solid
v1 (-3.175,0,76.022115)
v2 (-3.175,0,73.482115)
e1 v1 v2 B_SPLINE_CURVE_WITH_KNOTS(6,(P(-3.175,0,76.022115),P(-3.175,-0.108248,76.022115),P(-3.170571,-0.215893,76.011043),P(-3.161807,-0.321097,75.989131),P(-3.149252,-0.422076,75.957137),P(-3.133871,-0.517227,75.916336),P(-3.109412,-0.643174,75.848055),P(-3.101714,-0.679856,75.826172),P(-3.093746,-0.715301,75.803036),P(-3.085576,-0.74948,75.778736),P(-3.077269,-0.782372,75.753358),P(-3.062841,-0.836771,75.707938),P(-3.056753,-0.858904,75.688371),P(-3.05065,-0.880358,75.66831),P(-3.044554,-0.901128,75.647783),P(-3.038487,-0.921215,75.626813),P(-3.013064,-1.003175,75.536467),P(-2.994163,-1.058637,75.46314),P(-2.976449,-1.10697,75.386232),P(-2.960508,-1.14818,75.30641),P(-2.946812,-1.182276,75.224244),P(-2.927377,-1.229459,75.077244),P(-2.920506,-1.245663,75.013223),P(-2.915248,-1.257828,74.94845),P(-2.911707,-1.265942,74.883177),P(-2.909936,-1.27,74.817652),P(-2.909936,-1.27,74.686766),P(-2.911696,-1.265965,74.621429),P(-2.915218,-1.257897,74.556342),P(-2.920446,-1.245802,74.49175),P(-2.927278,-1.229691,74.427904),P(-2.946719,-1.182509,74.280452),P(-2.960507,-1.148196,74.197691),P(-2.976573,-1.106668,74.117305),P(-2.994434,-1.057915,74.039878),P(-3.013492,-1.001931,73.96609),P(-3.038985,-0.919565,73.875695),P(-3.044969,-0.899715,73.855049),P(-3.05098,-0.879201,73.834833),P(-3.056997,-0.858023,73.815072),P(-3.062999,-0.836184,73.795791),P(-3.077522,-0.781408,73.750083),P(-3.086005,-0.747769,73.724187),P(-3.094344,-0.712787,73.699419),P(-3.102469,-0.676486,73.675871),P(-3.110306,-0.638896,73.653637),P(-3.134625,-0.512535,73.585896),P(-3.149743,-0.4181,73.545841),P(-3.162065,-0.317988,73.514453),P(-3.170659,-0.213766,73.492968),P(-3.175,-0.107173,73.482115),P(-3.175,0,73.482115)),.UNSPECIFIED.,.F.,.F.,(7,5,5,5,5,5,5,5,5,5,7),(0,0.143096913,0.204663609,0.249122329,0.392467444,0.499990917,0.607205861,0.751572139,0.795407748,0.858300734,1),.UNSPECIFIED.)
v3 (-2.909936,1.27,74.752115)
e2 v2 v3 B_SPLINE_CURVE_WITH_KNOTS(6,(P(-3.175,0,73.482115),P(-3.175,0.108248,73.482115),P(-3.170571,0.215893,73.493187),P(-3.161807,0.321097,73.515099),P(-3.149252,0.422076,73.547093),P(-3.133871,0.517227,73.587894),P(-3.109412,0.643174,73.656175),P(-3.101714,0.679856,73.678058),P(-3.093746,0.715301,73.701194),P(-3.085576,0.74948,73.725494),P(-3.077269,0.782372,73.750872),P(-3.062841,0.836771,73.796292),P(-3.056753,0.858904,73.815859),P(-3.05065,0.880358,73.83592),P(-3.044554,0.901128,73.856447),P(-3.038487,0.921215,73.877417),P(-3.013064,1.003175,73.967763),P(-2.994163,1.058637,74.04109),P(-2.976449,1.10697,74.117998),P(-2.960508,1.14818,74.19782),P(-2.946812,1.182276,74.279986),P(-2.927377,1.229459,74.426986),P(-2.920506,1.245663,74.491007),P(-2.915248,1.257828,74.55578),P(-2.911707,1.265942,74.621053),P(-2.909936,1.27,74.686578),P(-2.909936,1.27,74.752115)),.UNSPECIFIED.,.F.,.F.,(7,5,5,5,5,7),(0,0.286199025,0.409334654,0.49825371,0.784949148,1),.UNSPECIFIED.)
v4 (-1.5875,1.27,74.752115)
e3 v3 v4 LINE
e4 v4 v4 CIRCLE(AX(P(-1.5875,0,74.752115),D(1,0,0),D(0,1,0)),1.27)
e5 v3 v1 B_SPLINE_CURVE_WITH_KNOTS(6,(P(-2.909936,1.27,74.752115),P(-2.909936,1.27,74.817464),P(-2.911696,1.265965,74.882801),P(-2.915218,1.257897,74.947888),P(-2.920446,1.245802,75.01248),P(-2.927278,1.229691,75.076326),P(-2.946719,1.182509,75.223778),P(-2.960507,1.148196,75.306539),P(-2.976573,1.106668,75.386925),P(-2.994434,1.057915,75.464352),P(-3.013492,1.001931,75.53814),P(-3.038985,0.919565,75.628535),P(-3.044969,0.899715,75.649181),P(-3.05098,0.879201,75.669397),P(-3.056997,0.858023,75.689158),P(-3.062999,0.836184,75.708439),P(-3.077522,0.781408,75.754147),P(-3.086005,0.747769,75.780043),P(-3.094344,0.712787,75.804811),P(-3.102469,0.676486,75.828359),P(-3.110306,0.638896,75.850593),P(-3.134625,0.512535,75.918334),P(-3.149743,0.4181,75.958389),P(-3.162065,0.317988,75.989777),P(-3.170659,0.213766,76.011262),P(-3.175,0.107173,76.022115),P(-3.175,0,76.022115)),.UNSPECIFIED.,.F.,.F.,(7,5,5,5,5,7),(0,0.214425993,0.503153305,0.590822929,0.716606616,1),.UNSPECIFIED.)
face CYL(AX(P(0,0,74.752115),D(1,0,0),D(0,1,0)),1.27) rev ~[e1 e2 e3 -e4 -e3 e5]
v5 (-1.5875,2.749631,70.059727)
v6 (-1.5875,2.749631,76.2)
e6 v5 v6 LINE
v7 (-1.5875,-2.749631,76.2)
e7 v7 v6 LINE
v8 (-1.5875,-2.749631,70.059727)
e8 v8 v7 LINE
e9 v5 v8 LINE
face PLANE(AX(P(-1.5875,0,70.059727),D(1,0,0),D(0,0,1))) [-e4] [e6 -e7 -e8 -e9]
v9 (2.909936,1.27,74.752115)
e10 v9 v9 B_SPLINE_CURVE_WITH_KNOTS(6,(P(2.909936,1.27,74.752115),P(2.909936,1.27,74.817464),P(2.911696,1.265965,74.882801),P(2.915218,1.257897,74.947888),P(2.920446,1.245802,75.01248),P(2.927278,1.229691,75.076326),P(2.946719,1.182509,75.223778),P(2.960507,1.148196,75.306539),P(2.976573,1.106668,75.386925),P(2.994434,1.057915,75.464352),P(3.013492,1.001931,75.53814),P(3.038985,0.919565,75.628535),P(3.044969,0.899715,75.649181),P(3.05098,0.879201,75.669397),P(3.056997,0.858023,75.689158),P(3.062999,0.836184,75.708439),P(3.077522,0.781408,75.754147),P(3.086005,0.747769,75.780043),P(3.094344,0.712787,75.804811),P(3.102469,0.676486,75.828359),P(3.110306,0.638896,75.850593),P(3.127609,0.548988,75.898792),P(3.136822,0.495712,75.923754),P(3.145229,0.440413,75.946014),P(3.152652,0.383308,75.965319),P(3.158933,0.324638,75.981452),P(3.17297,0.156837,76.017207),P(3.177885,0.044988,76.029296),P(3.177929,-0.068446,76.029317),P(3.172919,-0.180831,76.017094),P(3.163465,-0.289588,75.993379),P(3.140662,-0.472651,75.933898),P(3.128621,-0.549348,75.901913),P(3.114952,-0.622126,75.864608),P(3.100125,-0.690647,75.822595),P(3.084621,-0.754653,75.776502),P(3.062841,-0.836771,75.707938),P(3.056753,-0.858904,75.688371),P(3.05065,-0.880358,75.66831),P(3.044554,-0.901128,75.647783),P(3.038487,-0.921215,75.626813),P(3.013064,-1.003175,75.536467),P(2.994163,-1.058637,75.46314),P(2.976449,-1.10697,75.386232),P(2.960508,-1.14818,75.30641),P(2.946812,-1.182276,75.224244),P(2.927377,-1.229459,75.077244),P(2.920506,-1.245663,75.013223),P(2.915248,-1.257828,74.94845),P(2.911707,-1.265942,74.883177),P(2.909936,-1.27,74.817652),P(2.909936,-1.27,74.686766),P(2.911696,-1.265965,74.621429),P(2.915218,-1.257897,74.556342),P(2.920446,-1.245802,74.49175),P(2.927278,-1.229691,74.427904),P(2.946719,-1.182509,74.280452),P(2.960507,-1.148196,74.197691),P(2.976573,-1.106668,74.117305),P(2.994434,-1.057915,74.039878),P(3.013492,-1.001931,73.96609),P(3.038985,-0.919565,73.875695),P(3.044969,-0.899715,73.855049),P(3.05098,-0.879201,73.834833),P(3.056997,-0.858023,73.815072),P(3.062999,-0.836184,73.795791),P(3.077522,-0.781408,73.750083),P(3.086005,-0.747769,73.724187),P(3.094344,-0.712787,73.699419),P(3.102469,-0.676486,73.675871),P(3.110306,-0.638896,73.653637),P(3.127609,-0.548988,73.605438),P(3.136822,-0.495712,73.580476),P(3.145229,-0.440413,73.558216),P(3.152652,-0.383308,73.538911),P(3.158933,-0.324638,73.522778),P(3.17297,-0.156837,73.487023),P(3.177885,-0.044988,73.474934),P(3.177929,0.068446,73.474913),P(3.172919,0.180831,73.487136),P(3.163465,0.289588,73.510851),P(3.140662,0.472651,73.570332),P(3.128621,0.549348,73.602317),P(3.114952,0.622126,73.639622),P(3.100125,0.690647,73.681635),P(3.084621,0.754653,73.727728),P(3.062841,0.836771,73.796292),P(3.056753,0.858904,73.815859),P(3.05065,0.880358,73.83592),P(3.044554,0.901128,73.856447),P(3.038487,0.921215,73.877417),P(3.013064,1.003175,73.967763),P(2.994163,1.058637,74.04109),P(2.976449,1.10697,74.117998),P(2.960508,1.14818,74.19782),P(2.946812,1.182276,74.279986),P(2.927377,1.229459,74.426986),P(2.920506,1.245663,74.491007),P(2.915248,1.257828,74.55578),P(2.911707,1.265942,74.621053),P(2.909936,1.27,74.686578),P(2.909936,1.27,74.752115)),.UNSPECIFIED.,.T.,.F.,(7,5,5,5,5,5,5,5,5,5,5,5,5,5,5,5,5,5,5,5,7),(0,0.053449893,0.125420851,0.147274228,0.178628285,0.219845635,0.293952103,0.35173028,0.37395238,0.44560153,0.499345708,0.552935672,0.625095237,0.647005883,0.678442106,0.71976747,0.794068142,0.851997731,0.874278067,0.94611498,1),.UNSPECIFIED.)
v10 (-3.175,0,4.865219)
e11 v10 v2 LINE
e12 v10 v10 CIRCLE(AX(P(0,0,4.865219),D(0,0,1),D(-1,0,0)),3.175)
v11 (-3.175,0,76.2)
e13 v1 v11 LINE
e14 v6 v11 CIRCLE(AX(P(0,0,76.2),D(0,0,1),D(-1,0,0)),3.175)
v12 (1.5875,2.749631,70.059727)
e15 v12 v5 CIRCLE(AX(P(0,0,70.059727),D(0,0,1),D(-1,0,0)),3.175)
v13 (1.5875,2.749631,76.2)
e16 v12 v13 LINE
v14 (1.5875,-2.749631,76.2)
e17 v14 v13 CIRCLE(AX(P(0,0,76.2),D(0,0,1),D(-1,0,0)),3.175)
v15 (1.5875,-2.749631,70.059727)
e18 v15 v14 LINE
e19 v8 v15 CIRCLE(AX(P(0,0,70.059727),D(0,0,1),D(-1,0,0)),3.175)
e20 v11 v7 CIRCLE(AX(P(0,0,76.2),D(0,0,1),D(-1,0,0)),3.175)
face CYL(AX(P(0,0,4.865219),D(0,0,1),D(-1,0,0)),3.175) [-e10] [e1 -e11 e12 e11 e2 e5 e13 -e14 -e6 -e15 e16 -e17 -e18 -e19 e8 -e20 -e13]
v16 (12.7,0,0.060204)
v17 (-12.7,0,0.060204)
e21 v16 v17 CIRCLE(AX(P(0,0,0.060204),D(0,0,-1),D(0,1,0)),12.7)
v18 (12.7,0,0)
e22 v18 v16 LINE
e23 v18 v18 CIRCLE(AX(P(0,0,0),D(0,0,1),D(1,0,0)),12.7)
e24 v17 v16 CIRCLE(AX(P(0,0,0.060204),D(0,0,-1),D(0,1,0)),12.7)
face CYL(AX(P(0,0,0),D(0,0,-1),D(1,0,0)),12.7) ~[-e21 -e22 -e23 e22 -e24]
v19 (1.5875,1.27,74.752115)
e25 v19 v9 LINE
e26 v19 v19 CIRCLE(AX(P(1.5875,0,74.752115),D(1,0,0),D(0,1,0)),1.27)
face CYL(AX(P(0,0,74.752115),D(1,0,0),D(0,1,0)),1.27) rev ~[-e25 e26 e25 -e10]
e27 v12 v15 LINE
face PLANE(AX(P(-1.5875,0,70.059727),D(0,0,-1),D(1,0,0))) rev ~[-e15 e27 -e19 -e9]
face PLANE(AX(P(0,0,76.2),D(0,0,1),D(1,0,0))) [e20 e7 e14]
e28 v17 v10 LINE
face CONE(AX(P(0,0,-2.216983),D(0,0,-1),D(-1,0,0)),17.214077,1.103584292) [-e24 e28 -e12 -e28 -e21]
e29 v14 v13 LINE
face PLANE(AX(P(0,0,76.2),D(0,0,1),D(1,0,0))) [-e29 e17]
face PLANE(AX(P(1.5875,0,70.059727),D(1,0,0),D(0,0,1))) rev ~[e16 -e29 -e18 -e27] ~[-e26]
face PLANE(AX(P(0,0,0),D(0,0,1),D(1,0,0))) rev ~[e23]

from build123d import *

# Parameters (mm, degrees)
F0_R     = 12.7
F1_DEPTH = 76.2
F4_W     = 3.175
F4_H     = 12.7
F5_DEPTH = 12.7
F6_R     = 1.27
F7_DEPTH = 12.7


with BuildPart() as f1:
    # F0 (on Top) → F1 (new body)
    with BuildSketch(Plane.XY):
        Circle(F0_R)
    extrude(amount=F1_DEPTH)

    # F2 (on Front) → F3 (revolve, cut)
    with BuildSketch(Plane.XZ):
        Polygon((-17.214077, -2.216983), (-3.175, 4.865219), (-3.175, 83.753079), (-17.214077, 83.753079), align=None)
    revolve(axis=Axis((0, 0, 76.2), (0, 0, 1)), mode=Mode.SUBTRACT)

    # F4 (on Front) → F5 (cut, symmetric)
    with BuildSketch(Plane.XZ):
        with Locations((0, 76.409727)):
            Rectangle(F4_W, F4_H)
    extrude(amount=F5_DEPTH, both=True, mode=Mode.SUBTRACT)

    # F6 (on Right) → F7 (cut, symmetric)
    with BuildSketch(Plane.YZ):
        with Locations((0, 74.752115)):
            Circle(F6_R)
    extrude(amount=F7_DEPTH, both=True, mode=Mode.SUBTRACT)


solid = f1.part
